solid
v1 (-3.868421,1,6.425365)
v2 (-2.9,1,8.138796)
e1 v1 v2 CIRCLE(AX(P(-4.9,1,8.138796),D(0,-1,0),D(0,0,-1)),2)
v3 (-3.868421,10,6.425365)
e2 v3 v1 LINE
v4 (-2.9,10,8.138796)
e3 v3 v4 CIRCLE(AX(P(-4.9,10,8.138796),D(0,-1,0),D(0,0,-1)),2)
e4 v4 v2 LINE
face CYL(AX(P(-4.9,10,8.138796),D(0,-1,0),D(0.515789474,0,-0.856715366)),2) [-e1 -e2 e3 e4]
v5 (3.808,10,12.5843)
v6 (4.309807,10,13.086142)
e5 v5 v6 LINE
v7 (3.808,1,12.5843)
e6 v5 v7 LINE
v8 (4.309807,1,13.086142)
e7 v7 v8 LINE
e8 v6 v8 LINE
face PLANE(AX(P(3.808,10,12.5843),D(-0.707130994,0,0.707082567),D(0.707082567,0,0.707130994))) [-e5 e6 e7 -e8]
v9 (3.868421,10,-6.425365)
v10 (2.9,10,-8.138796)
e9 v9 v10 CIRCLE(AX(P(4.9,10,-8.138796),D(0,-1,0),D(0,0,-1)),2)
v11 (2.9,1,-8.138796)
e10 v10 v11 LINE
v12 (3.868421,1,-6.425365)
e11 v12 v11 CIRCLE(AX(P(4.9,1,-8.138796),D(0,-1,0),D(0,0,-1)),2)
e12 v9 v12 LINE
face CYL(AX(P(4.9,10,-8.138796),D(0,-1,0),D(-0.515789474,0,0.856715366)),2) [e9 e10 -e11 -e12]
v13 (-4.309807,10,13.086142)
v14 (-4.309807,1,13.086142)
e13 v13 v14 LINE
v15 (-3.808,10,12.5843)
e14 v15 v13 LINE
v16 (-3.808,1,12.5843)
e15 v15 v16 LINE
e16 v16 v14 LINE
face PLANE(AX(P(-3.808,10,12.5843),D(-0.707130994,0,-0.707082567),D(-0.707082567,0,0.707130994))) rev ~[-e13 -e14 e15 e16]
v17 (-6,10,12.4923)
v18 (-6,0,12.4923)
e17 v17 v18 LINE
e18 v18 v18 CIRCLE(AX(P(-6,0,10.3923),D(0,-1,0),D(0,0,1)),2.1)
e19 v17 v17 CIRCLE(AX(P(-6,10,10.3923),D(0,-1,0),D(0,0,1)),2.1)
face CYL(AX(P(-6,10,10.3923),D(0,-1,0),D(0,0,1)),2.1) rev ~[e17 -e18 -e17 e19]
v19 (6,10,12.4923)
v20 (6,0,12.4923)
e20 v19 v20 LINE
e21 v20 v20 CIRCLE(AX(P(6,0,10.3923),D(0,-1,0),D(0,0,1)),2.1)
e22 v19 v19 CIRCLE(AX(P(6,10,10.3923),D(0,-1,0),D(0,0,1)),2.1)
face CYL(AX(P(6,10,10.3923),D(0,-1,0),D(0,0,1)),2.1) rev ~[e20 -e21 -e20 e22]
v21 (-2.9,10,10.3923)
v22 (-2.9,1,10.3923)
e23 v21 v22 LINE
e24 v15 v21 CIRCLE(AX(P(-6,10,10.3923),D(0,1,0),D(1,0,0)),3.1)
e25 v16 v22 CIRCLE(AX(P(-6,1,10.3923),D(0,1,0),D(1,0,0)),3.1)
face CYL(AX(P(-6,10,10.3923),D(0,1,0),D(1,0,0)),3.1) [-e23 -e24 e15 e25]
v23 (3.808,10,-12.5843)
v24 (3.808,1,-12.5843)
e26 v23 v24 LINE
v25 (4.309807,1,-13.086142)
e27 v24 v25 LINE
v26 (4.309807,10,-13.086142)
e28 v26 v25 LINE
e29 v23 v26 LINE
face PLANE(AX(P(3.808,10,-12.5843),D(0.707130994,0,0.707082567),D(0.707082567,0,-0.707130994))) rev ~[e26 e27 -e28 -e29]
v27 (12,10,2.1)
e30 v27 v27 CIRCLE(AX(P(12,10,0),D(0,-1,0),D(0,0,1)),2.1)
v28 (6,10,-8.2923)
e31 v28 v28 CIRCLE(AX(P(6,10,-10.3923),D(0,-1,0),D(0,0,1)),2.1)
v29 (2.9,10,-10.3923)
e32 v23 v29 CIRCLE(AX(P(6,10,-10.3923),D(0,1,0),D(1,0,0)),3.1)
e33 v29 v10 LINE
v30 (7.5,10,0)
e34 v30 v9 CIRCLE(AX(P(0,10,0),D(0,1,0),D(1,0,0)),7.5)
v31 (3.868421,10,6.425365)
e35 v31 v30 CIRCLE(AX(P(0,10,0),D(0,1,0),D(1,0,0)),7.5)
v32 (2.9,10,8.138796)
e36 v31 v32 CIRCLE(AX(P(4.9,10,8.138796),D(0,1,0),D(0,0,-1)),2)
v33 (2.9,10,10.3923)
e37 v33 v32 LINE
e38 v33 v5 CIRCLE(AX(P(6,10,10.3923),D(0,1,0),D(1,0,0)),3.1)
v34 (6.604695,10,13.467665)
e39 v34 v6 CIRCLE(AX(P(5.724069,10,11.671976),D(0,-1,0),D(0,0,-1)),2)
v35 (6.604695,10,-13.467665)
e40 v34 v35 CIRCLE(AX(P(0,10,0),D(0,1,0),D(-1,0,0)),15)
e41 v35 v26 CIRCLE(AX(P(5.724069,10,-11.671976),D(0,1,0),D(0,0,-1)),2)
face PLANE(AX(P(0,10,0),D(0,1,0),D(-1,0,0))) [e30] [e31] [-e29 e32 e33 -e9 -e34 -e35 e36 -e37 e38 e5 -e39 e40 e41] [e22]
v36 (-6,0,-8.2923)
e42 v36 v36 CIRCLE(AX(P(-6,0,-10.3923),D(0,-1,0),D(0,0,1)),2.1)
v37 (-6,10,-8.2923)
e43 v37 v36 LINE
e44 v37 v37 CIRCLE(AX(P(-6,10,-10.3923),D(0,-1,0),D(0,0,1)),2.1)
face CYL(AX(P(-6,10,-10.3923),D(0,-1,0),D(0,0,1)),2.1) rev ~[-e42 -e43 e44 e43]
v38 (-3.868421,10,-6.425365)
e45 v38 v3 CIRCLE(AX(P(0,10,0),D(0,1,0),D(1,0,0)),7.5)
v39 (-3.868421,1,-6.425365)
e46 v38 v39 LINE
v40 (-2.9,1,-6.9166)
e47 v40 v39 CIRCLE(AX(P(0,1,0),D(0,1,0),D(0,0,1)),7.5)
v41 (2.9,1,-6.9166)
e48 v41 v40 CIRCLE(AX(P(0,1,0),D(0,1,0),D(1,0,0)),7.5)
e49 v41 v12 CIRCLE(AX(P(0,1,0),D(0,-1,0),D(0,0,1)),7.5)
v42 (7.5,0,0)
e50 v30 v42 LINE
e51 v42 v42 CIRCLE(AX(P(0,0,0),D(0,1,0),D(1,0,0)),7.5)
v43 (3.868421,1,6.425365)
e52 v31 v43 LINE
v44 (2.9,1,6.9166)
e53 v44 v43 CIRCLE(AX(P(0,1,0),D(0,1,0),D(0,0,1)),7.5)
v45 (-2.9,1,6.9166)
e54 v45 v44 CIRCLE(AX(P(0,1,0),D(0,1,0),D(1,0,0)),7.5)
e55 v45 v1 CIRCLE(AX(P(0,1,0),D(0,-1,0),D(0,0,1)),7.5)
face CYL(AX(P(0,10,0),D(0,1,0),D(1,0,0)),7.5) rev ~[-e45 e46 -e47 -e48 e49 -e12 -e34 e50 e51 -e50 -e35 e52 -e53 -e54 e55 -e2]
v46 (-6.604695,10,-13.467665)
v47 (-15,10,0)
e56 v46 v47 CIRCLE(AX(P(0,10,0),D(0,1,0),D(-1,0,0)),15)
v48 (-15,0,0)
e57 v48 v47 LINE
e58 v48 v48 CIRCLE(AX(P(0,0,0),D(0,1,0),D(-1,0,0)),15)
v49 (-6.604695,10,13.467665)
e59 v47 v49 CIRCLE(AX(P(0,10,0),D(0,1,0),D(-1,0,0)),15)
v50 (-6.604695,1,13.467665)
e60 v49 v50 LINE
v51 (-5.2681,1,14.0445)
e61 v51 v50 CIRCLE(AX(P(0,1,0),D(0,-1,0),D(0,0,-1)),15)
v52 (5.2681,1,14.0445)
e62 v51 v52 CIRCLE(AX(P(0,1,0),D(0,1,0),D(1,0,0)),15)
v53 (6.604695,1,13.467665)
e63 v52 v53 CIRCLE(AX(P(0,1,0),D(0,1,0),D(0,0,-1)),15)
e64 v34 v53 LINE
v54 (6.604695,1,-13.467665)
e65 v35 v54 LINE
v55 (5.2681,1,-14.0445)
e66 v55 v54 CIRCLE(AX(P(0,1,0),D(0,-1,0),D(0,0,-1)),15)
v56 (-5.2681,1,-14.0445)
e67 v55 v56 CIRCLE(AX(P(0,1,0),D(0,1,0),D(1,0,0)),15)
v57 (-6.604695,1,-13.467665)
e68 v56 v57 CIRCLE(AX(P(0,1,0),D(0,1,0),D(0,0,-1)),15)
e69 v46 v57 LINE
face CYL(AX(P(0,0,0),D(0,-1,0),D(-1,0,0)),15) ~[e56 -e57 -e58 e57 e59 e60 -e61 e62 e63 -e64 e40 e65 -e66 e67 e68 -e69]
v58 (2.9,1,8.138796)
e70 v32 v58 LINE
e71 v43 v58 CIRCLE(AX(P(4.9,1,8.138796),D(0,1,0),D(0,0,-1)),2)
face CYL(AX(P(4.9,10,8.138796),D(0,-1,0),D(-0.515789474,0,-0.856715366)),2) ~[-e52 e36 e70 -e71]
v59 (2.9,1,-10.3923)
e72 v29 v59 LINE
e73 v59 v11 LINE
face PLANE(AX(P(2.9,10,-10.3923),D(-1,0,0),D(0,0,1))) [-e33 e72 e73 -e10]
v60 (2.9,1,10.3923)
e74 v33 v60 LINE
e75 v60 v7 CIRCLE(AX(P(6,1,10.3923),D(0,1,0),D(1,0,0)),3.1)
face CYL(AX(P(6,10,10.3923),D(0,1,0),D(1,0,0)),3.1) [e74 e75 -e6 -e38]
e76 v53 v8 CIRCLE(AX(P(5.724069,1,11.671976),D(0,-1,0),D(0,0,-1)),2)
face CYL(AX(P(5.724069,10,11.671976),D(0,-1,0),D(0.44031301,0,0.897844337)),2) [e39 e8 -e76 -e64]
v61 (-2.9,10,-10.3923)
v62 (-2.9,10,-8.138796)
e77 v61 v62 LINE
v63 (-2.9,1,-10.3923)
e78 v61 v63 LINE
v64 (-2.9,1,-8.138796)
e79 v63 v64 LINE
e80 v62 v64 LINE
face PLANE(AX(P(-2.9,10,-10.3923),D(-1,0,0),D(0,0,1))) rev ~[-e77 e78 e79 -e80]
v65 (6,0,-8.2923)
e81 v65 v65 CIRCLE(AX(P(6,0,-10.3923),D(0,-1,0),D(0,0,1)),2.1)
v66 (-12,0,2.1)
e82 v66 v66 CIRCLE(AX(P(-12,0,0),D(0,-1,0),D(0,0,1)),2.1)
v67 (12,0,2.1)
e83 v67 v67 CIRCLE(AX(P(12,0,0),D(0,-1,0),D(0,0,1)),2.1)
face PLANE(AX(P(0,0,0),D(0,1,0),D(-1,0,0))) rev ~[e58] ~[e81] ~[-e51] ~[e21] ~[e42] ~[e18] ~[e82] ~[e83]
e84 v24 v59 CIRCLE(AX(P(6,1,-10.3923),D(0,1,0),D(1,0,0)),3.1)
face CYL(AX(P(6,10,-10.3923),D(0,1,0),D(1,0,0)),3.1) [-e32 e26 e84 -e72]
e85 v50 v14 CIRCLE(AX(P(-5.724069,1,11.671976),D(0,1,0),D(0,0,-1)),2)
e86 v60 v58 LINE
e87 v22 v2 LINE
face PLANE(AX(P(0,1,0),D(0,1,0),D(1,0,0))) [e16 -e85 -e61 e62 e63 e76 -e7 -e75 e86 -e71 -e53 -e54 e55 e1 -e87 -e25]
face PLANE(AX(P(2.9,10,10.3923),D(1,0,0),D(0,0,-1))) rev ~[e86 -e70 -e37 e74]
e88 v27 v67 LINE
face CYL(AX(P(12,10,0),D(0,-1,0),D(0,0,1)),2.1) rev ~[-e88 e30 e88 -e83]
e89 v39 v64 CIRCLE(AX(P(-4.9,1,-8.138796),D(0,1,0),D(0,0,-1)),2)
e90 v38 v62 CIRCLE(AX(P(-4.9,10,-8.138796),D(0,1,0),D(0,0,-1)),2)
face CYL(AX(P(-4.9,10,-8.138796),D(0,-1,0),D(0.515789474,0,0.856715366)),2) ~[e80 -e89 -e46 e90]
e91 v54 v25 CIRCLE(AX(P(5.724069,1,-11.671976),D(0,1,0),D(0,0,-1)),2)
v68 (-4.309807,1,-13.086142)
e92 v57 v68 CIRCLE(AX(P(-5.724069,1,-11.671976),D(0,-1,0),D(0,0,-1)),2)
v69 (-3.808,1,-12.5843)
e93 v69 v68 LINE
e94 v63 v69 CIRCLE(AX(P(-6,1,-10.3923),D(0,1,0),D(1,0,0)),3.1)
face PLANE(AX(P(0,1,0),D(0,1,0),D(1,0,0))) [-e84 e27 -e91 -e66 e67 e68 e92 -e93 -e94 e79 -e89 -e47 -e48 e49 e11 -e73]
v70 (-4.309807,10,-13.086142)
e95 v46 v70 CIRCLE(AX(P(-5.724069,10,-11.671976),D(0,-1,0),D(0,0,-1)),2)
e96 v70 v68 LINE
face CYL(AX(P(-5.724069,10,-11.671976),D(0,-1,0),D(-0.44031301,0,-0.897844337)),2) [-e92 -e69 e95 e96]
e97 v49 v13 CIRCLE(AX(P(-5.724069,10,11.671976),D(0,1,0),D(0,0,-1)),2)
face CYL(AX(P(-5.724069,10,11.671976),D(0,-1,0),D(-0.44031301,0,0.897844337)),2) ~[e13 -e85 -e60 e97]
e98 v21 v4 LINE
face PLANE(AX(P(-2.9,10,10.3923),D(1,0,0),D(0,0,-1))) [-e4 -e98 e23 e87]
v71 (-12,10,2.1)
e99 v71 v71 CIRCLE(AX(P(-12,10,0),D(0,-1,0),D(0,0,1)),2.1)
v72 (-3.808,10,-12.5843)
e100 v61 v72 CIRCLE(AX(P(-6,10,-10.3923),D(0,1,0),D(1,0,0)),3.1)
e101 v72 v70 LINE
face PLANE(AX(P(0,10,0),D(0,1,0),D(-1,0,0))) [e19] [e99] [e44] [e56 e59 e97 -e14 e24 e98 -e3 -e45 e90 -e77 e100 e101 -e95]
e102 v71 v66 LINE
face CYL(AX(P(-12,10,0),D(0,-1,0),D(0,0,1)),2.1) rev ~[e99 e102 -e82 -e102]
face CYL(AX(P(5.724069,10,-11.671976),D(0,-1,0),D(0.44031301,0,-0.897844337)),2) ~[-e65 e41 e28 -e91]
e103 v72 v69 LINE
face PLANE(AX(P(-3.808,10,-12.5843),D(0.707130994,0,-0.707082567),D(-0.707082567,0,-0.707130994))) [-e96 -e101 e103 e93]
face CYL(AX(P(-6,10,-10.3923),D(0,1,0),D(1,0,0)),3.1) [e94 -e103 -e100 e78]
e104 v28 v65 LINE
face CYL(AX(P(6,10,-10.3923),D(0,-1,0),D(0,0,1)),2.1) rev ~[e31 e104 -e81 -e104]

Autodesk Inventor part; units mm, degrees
ref_plane "YZ Plane" through (0, 0, 0) normal (1, 0, 0) x (0, 1, 0)
ref_plane "XZ Plane" through (0, 0, 0) normal (0, 1, 0) x (-1, 0, 0)
ref_plane "XY Plane" through (0, 0, 0) normal (0, 0, 1) x (1, 0, 0)
sketch "スケッチ1" plane through (0, 0, 0) normal (0, 1, 0) x (-1, 0, 0)
  circle A0 centre (0, 0) radius 15
  dimension "d0" = 30
extrude "押し出し1" add sketch "スケッチ1" along normal blind 10
sketch "スケッチ2" plane through (0, 10, 0) normal (0, 1, 0) x (1, 0, 0)
  circle A0 centre (0, 0) radius 12
  point P0 (-12, 0)
  point P1 (-6, -10.3923)
  point P2 (6, -10.3923)
  point P3 (12, 0)
  point P4 (6, 10.3923)
  point P5 (-6, 10.3923)
  dimension "d3" = 24
  dimension "d6" = 360
hole "穴1" at (-12, 10, 0) at (-6, 10, 10.3923) at (6, 10, 10.3923) at (12, 10, 0) at (6, 10, -10.3923) at (-6, 10, -10.3923) direction (0, -1, 0) diameter 4.2 end through all
sketch "スケッチ3" plane through (0, 10, 0) normal (0, 1, 0) x (1, 0, 0)
  circle A0 centre (0, 0) radius 7.5
  dimension "d15" = 15
extrude "押し出し2" cut sketch "スケッチ3" against normal blind 10
sketch "スケッチ4" plane through (0, 10, 0) normal (0, 1, 0) x (1, 0, 0)
  circle A0 centre (-6, -10.3923) radius 2.1 projected
  circle A1 centre (6, -10.3923) radius 2.1 projected
  line L0 (-6, -10.3923) -> (6, -10.3923)
  circle A2 centre (-6, -10.3923) radius 3.1
  circle A3 centre (6, -10.3923) radius 3.1
  line L1 (-2.9, -10.3923) -> (-2.9, -6.9166)
  circle A4 centre (0, 0) radius 7.5 projected
  line L2 (2.9, -10.3923) -> (2.9, -6.9166)
  line L3 (-3.808, -12.5843) -> (-5.2681, -14.0445)
  circle A5 centre (0, 0) radius 15 projected
  line L4 (3.808, -12.5843) -> (5.2681, -14.0445)
  line L5 (-15, 0) -> (0, 0)
  circle A6 centre (-6, 10.3923) radius 3.1
  circle A7 centre (6, 10.3923) radius 3.1
  line L6 (-2.9, 10.3923) -> (-2.9, 6.9166)
  line L7 (2.9, 10.3923) -> (2.9, 6.9166)
  line L8 (-3.808, 12.5843) -> (-5.2681, 14.0445)
  line L9 (3.808, 12.5843) -> (5.2681, 14.0445)
  circle A8 centre (0, 0) radius 7.5
  circle A9 centre (0, 0) radius 15
  point P0 (-5.2681, 14.0445)
  dimension "d18" = 1
  dimension "d19" = 1
  dimension "d20" = 135
extrude "押し出し3" cut sketch "スケッチ4" against normal blind 9 contours L1 A4 L2 L0 | L0 A3 L4 A5 L3 A2 | L6 A6 L8 A5 L9 A7 L7 A4
fillet "フィレット1" radius 2 8 edges at (5.2681, 5.5, -14.0445) (-5.2681, 5.5, -14.0445) (5.2681, 5.5, 14.0445) (-5.2681, 5.5, 14.0445) (-2.9, 5.5, -6.9166) (-2.9, 5.5, 6.9166) (2.9, 5.5, 6.9166) (2.9, 5.5, -6.9166)
sketch "スケッチ5" plane through (0, 1, 0) normal (0, 1, 0) x (1, 0, 0)
  arc A0 (-6.6047, -13.4677) -> (6.6047, -13.4677) centre (0, 0) ccw projected
  line L0 (-2.9, -10.3923) -> (-2.9, -8.1388) projected
  arc A1 (6.6047, -13.4677) -> (-6.6047, -13.4677) centre (0, 0) ccw projected
  circle A2 centre (0, 0) radius 15 projected
  line L1 (-6.1706, -13.672) -> (6.1706, -13.672)
  arc A3 (4.3098, -13.0862) -> (6.6047, -13.4677) centre (5.724, -11.672) ccw projected
  line L2 (6.1706, -13.672) -> (-6.1706, -13.672)
  line L3 (-6.1706, -13.672) -> (-6.1706, -24.6433)
  line L4 (-6.1706, -24.6433) -> (6.1706, -24.6433)
  line L5 (6.1706, -24.6433) -> (6.1706, -13.672)
  line L6 (-6.1706, -24.6433) -> (-15.2853, -20.5296)
  line L7 (-15.2853, -20.5296) -> (-10.7439, -10.4675)
  line L8 (-6.1706, -13.672) -> (-11.1715, -11.4149)
  point P0 (-10.7439, -10.4675)
  dimension "d28" = 10
  dimension "d29" = 10
extrude "押し出し4" [suppressed]
sketch "スケッチ6" plane through (0, 1, 0) normal (0, 1, 0) x (1, 0, 0)
  line L0 (-15.6324, -20.1472) -> (-7.4753, -3.7413) projected
  line L1 (-14.742, -18.3563) -> (-2.1859, -24.5993)
  line L2 (6.6781, -24.5993) -> (-6.6781, -24.5993) projected
  line L3 (-6.6781, -24.5993) -> (-15.6324, -20.1472) projected
  line L4 (-10.7006, -22.5993) -> (6.6781, -22.5993)
  line L5 (6.6781, 0) -> (6.6781, -24.5993) projected
  line L6 (-15.6324, -20.1472) -> (-6.6781, -24.5993) projected
  line L7 (-6.6781, -24.5993) -> (6.6781, -24.5993) projected
  line L8 (0, -24.5993) -> (0, -22.5993)
  point P0 (0, 0)
  point P1 (-15, 0)
  point P2 (-15, 0)
  point P3 (-6.2084, -22.5993)
  dimension "d33" = 2
  dimension "d34" = 2
extrude "押し出し5" [suppressed]
properties part number "servoplate_forR2" material "アルミニウム 6061"
